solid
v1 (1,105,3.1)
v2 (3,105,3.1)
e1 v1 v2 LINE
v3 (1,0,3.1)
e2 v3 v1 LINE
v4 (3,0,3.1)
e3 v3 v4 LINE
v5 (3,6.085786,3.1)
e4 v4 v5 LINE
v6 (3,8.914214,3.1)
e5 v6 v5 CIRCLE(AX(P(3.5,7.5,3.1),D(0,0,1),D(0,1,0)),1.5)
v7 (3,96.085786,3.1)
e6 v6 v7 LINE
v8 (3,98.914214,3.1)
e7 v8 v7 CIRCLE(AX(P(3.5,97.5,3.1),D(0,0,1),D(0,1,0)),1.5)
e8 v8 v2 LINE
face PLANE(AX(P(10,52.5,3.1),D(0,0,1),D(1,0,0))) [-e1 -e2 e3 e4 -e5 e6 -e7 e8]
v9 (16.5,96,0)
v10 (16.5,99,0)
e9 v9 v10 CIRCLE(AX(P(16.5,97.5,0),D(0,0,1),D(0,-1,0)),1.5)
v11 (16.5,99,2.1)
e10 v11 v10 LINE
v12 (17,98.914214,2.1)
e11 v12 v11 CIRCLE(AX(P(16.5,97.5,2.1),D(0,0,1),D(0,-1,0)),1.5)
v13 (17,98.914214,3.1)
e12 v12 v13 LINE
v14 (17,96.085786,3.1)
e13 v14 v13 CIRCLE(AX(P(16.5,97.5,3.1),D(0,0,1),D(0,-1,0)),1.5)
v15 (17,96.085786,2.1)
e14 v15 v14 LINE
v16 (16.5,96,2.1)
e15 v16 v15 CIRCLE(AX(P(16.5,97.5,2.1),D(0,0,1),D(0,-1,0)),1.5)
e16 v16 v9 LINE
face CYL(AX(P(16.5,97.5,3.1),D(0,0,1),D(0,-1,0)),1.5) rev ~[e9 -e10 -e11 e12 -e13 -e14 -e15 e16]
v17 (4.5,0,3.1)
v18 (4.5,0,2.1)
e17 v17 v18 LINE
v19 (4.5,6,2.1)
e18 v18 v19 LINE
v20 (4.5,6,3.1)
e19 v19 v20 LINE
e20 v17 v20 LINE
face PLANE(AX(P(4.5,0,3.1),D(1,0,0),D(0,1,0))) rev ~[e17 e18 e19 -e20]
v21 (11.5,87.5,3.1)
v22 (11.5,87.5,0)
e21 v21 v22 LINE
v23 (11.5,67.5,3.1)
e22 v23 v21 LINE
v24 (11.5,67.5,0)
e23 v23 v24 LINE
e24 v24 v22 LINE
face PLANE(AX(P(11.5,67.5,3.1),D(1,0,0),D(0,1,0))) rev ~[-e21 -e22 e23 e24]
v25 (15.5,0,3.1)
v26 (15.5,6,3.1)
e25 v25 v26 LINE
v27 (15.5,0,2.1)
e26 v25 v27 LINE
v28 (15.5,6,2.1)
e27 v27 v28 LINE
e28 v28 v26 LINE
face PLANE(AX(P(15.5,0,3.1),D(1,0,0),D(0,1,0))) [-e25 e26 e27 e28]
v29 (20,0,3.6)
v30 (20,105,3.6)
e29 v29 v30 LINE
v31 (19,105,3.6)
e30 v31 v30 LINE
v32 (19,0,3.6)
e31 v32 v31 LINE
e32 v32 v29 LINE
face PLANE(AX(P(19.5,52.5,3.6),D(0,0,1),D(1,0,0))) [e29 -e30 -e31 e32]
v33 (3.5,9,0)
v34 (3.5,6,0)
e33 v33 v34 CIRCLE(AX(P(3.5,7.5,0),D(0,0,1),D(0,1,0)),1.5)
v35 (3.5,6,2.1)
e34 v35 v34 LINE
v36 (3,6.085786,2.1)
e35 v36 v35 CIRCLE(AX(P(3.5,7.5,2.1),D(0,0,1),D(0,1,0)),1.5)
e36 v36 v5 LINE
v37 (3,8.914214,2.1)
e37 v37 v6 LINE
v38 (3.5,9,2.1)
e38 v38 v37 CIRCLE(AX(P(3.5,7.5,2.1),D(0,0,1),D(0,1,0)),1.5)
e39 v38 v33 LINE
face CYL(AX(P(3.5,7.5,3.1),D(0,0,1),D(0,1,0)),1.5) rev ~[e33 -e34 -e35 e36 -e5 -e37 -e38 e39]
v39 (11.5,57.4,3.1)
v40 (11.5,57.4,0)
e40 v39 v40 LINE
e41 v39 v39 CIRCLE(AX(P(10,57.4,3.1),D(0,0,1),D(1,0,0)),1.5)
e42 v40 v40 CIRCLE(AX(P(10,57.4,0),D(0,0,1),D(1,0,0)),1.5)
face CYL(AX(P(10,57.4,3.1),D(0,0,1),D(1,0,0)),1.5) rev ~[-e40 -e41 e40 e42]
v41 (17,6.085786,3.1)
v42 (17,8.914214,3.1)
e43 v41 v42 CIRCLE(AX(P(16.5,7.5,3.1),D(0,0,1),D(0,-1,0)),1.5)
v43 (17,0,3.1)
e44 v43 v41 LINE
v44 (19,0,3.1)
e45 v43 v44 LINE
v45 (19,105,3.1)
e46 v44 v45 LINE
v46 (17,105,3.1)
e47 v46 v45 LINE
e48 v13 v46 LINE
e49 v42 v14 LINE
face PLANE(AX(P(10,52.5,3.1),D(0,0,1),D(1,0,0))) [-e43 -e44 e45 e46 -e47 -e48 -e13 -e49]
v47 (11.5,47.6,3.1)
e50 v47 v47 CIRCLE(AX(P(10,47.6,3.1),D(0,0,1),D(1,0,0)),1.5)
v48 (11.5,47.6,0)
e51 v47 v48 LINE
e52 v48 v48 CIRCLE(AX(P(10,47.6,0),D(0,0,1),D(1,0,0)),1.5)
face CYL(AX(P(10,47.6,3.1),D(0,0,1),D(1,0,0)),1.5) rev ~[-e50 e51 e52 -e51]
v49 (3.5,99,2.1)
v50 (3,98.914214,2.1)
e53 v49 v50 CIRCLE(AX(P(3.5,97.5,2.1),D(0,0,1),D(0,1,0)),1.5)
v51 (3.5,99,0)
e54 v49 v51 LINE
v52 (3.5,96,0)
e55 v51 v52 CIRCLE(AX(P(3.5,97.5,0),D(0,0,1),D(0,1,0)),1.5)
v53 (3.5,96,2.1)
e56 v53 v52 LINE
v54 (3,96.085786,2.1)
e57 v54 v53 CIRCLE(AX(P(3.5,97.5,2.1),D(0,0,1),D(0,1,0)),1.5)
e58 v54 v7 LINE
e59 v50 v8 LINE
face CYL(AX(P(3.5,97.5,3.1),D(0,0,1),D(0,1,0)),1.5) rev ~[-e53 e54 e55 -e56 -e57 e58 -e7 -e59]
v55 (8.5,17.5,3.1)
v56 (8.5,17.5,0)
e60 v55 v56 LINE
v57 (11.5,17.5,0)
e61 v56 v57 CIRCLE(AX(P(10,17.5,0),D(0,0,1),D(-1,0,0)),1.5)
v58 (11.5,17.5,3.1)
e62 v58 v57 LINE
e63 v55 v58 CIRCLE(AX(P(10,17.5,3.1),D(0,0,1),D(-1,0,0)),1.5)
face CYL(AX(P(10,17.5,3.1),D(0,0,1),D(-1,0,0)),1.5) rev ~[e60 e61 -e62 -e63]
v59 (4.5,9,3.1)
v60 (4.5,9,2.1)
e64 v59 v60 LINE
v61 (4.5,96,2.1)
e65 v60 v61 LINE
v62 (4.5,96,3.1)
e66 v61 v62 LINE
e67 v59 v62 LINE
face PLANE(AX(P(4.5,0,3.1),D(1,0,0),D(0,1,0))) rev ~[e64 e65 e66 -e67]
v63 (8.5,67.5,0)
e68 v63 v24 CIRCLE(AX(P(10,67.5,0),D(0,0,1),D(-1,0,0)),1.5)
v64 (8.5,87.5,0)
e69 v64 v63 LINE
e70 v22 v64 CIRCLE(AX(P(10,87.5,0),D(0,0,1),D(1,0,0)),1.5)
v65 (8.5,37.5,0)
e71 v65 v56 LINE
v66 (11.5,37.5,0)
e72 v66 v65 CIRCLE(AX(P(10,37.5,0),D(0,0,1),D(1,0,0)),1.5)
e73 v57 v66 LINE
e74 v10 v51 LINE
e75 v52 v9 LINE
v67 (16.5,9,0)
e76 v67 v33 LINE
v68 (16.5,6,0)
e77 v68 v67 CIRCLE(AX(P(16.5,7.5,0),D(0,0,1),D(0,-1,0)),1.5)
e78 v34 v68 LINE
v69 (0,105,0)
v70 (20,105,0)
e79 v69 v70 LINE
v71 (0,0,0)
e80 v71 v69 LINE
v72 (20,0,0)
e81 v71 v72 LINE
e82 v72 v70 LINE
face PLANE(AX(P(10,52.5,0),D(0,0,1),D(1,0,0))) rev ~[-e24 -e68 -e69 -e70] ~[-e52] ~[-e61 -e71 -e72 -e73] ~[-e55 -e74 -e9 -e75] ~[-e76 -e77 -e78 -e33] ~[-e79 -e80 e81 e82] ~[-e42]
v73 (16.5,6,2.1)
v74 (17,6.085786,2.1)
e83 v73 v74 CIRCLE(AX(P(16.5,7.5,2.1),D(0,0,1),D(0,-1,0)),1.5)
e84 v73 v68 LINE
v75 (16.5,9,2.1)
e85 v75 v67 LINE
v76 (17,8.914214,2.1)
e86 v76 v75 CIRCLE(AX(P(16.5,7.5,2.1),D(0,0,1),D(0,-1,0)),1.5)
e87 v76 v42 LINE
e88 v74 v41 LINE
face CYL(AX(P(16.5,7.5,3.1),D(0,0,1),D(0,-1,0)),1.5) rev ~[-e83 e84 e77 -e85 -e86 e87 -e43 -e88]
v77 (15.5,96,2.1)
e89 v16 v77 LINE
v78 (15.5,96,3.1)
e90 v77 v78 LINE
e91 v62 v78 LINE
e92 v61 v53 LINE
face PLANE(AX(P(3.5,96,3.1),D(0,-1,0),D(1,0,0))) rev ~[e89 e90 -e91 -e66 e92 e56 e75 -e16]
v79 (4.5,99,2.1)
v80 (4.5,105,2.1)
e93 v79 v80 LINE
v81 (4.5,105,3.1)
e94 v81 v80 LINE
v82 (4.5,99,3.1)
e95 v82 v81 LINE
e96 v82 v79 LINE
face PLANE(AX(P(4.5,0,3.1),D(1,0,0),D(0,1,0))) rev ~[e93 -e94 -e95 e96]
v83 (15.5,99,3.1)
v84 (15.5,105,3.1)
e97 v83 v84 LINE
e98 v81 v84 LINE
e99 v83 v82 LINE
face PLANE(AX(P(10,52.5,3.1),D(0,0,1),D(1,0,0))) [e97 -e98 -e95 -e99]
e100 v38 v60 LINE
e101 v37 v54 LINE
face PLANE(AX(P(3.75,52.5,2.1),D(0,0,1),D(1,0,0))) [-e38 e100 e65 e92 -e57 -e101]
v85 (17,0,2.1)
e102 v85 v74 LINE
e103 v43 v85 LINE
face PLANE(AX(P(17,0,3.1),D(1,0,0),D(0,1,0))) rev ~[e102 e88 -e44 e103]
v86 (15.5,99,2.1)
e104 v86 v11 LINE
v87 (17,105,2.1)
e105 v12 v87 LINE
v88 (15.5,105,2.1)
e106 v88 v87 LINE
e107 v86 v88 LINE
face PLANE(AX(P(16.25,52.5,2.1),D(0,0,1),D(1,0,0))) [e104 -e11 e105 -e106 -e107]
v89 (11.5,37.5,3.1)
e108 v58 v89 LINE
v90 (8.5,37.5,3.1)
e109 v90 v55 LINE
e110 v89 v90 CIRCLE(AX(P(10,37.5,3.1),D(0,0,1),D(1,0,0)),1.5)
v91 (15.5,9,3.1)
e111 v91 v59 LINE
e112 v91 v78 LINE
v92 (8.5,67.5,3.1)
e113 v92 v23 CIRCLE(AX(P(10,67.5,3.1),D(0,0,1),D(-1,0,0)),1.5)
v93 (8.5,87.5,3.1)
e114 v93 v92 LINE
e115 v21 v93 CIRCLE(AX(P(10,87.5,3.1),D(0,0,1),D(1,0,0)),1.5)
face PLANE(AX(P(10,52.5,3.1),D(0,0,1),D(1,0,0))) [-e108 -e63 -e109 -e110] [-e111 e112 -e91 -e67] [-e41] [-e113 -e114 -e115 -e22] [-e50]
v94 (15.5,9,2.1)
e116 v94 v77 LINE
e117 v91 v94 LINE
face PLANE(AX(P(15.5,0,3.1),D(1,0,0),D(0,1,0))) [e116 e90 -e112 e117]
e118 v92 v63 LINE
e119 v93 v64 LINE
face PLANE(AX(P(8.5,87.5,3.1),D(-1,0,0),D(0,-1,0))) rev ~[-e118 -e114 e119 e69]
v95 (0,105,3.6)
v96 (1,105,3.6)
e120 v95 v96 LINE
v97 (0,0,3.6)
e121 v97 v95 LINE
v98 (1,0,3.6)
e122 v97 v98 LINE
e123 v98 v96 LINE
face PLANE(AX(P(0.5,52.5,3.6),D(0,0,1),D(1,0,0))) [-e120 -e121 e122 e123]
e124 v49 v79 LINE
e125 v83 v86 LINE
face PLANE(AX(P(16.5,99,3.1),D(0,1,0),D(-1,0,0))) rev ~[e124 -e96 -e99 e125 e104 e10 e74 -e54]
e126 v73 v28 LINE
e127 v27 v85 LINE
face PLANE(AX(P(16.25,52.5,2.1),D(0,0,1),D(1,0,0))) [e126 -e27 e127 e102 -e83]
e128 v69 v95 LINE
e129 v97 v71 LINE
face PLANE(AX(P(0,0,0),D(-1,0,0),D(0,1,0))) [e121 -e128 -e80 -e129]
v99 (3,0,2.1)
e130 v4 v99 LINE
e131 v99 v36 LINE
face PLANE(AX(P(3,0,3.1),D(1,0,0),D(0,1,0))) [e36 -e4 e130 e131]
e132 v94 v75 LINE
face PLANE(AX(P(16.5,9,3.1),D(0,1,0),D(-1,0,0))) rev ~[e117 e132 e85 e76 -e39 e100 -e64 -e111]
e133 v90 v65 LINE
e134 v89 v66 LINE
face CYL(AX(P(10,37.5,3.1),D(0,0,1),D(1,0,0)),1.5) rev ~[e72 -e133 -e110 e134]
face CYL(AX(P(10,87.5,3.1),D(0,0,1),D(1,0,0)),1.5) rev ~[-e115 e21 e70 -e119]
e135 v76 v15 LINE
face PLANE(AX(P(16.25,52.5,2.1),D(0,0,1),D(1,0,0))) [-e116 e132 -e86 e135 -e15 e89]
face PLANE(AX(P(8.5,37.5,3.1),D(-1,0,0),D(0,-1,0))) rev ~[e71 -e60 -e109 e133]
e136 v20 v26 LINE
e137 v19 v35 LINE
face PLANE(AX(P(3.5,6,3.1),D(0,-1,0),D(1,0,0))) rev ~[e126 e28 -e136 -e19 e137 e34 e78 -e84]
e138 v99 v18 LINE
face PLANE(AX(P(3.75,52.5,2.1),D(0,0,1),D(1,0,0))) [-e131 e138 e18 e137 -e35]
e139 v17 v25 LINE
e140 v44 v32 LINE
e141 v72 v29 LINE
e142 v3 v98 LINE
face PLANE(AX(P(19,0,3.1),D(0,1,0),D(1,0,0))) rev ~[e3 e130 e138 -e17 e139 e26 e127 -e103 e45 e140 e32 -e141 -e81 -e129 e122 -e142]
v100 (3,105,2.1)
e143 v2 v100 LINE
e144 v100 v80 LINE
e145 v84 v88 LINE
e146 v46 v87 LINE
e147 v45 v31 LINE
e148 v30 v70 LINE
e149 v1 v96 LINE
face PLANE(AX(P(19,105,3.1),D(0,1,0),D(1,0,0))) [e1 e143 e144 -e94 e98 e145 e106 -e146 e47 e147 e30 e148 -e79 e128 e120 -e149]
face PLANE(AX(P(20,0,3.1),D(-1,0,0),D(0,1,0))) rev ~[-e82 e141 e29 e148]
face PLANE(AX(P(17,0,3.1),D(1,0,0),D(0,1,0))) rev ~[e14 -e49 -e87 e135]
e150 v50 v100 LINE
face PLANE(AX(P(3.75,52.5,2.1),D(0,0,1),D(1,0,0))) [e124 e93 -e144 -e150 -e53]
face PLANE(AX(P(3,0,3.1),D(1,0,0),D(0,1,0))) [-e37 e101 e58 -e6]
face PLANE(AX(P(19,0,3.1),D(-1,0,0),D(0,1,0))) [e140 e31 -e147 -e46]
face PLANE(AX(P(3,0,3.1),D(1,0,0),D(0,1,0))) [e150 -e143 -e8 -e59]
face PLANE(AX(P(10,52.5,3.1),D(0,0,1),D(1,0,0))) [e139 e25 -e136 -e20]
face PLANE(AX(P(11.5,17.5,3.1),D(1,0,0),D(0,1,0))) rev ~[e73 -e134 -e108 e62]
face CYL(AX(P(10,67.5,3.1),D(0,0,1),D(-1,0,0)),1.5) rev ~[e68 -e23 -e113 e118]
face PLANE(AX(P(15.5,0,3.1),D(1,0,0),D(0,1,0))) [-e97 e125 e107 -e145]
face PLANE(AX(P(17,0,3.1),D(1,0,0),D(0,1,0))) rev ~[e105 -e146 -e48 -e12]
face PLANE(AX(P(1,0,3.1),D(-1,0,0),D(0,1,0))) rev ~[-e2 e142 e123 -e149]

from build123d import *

# Parameters (mm, degrees)
F0_W     = 20
F0_H     = 105
F1_DEPTH = 3.1
F2_W     = 1
F2_H     = 105
F3_DEPTH = 0.5
F4_R     = 1.5
F5_DEPTH = 3.101
F6_W     = 1.5
F6_H     = 105
F7_DEPTH = 1


with BuildPart() as f1:
    # F0 (on Top) → F1 (new body)
    with BuildSketch(Plane.XY):
        with Locations((10, 52.5)):
            Rectangle(F0_W, F0_H)
    extrude(amount=F1_DEPTH)

    # F2 (on face) → F3 (join)
    with BuildSketch(Plane.XY.offset(3.1)):
        with Locations((19.5, 52.5)):
            Rectangle(F2_W, F2_H)
        with Locations((0.5, 52.5)):
            Rectangle(F2_W, F2_H)
    extrude(amount=F3_DEPTH)

    # F4 (on face) → F5 (cut, through all)
    with BuildSketch(Plane.XY.offset(3.1)):
        with BuildLine():
            Line((16.5, 9), (3.5, 9))
            ThreePointArc((3.5, 9), (2, 7.5), (3.5, 6))
            Line((3.5, 6), (16.5, 6))
            ThreePointArc((16.5, 6), (18, 7.5), (16.5, 9))
        make_face()
        with BuildLine():
            Line((8.5, 37.5), (8.5, 17.5))
            ThreePointArc((8.5, 17.5), (10, 16), (11.5, 17.5))
            Line((11.5, 17.5), (11.5, 37.5))
            ThreePointArc((11.5, 37.5), (10, 39), (8.5, 37.5))
        make_face()
        with Locations((10, 47.6)):
            Circle(F4_R)
        with BuildLine():
            Line((16.5, 99), (3.5, 99))
            ThreePointArc((3.5, 99), (2, 97.5), (3.5, 96))
            Line((3.5, 96), (16.5, 96))
            ThreePointArc((16.5, 96), (18, 97.5), (16.5, 99))
        make_face()
        with BuildLine():
            Line((11.5, 67.5), (11.5, 87.5))
            ThreePointArc((11.5, 87.5), (10, 89), (8.5, 87.5))
            Line((8.5, 87.5), (8.5, 67.5))
            ThreePointArc((8.5, 67.5), (10, 66), (11.5, 67.5))
        make_face()
        with Locations((10, 57.4)):
            Circle(F4_R)
    extrude(amount=-F5_DEPTH, mode=Mode.SUBTRACT)

    # F6 (on face) → F7 (cut)
    with BuildSketch(Plane.XY.offset(3.1)):
        with Locations((3.75, 52.5)):
            Rectangle(F6_W, F6_H)
        with Locations((16.25, 52.5)):
            Rectangle(F6_W, F6_H)
    extrude(amount=-F7_DEPTH, mode=Mode.SUBTRACT)


solid = f1.part
